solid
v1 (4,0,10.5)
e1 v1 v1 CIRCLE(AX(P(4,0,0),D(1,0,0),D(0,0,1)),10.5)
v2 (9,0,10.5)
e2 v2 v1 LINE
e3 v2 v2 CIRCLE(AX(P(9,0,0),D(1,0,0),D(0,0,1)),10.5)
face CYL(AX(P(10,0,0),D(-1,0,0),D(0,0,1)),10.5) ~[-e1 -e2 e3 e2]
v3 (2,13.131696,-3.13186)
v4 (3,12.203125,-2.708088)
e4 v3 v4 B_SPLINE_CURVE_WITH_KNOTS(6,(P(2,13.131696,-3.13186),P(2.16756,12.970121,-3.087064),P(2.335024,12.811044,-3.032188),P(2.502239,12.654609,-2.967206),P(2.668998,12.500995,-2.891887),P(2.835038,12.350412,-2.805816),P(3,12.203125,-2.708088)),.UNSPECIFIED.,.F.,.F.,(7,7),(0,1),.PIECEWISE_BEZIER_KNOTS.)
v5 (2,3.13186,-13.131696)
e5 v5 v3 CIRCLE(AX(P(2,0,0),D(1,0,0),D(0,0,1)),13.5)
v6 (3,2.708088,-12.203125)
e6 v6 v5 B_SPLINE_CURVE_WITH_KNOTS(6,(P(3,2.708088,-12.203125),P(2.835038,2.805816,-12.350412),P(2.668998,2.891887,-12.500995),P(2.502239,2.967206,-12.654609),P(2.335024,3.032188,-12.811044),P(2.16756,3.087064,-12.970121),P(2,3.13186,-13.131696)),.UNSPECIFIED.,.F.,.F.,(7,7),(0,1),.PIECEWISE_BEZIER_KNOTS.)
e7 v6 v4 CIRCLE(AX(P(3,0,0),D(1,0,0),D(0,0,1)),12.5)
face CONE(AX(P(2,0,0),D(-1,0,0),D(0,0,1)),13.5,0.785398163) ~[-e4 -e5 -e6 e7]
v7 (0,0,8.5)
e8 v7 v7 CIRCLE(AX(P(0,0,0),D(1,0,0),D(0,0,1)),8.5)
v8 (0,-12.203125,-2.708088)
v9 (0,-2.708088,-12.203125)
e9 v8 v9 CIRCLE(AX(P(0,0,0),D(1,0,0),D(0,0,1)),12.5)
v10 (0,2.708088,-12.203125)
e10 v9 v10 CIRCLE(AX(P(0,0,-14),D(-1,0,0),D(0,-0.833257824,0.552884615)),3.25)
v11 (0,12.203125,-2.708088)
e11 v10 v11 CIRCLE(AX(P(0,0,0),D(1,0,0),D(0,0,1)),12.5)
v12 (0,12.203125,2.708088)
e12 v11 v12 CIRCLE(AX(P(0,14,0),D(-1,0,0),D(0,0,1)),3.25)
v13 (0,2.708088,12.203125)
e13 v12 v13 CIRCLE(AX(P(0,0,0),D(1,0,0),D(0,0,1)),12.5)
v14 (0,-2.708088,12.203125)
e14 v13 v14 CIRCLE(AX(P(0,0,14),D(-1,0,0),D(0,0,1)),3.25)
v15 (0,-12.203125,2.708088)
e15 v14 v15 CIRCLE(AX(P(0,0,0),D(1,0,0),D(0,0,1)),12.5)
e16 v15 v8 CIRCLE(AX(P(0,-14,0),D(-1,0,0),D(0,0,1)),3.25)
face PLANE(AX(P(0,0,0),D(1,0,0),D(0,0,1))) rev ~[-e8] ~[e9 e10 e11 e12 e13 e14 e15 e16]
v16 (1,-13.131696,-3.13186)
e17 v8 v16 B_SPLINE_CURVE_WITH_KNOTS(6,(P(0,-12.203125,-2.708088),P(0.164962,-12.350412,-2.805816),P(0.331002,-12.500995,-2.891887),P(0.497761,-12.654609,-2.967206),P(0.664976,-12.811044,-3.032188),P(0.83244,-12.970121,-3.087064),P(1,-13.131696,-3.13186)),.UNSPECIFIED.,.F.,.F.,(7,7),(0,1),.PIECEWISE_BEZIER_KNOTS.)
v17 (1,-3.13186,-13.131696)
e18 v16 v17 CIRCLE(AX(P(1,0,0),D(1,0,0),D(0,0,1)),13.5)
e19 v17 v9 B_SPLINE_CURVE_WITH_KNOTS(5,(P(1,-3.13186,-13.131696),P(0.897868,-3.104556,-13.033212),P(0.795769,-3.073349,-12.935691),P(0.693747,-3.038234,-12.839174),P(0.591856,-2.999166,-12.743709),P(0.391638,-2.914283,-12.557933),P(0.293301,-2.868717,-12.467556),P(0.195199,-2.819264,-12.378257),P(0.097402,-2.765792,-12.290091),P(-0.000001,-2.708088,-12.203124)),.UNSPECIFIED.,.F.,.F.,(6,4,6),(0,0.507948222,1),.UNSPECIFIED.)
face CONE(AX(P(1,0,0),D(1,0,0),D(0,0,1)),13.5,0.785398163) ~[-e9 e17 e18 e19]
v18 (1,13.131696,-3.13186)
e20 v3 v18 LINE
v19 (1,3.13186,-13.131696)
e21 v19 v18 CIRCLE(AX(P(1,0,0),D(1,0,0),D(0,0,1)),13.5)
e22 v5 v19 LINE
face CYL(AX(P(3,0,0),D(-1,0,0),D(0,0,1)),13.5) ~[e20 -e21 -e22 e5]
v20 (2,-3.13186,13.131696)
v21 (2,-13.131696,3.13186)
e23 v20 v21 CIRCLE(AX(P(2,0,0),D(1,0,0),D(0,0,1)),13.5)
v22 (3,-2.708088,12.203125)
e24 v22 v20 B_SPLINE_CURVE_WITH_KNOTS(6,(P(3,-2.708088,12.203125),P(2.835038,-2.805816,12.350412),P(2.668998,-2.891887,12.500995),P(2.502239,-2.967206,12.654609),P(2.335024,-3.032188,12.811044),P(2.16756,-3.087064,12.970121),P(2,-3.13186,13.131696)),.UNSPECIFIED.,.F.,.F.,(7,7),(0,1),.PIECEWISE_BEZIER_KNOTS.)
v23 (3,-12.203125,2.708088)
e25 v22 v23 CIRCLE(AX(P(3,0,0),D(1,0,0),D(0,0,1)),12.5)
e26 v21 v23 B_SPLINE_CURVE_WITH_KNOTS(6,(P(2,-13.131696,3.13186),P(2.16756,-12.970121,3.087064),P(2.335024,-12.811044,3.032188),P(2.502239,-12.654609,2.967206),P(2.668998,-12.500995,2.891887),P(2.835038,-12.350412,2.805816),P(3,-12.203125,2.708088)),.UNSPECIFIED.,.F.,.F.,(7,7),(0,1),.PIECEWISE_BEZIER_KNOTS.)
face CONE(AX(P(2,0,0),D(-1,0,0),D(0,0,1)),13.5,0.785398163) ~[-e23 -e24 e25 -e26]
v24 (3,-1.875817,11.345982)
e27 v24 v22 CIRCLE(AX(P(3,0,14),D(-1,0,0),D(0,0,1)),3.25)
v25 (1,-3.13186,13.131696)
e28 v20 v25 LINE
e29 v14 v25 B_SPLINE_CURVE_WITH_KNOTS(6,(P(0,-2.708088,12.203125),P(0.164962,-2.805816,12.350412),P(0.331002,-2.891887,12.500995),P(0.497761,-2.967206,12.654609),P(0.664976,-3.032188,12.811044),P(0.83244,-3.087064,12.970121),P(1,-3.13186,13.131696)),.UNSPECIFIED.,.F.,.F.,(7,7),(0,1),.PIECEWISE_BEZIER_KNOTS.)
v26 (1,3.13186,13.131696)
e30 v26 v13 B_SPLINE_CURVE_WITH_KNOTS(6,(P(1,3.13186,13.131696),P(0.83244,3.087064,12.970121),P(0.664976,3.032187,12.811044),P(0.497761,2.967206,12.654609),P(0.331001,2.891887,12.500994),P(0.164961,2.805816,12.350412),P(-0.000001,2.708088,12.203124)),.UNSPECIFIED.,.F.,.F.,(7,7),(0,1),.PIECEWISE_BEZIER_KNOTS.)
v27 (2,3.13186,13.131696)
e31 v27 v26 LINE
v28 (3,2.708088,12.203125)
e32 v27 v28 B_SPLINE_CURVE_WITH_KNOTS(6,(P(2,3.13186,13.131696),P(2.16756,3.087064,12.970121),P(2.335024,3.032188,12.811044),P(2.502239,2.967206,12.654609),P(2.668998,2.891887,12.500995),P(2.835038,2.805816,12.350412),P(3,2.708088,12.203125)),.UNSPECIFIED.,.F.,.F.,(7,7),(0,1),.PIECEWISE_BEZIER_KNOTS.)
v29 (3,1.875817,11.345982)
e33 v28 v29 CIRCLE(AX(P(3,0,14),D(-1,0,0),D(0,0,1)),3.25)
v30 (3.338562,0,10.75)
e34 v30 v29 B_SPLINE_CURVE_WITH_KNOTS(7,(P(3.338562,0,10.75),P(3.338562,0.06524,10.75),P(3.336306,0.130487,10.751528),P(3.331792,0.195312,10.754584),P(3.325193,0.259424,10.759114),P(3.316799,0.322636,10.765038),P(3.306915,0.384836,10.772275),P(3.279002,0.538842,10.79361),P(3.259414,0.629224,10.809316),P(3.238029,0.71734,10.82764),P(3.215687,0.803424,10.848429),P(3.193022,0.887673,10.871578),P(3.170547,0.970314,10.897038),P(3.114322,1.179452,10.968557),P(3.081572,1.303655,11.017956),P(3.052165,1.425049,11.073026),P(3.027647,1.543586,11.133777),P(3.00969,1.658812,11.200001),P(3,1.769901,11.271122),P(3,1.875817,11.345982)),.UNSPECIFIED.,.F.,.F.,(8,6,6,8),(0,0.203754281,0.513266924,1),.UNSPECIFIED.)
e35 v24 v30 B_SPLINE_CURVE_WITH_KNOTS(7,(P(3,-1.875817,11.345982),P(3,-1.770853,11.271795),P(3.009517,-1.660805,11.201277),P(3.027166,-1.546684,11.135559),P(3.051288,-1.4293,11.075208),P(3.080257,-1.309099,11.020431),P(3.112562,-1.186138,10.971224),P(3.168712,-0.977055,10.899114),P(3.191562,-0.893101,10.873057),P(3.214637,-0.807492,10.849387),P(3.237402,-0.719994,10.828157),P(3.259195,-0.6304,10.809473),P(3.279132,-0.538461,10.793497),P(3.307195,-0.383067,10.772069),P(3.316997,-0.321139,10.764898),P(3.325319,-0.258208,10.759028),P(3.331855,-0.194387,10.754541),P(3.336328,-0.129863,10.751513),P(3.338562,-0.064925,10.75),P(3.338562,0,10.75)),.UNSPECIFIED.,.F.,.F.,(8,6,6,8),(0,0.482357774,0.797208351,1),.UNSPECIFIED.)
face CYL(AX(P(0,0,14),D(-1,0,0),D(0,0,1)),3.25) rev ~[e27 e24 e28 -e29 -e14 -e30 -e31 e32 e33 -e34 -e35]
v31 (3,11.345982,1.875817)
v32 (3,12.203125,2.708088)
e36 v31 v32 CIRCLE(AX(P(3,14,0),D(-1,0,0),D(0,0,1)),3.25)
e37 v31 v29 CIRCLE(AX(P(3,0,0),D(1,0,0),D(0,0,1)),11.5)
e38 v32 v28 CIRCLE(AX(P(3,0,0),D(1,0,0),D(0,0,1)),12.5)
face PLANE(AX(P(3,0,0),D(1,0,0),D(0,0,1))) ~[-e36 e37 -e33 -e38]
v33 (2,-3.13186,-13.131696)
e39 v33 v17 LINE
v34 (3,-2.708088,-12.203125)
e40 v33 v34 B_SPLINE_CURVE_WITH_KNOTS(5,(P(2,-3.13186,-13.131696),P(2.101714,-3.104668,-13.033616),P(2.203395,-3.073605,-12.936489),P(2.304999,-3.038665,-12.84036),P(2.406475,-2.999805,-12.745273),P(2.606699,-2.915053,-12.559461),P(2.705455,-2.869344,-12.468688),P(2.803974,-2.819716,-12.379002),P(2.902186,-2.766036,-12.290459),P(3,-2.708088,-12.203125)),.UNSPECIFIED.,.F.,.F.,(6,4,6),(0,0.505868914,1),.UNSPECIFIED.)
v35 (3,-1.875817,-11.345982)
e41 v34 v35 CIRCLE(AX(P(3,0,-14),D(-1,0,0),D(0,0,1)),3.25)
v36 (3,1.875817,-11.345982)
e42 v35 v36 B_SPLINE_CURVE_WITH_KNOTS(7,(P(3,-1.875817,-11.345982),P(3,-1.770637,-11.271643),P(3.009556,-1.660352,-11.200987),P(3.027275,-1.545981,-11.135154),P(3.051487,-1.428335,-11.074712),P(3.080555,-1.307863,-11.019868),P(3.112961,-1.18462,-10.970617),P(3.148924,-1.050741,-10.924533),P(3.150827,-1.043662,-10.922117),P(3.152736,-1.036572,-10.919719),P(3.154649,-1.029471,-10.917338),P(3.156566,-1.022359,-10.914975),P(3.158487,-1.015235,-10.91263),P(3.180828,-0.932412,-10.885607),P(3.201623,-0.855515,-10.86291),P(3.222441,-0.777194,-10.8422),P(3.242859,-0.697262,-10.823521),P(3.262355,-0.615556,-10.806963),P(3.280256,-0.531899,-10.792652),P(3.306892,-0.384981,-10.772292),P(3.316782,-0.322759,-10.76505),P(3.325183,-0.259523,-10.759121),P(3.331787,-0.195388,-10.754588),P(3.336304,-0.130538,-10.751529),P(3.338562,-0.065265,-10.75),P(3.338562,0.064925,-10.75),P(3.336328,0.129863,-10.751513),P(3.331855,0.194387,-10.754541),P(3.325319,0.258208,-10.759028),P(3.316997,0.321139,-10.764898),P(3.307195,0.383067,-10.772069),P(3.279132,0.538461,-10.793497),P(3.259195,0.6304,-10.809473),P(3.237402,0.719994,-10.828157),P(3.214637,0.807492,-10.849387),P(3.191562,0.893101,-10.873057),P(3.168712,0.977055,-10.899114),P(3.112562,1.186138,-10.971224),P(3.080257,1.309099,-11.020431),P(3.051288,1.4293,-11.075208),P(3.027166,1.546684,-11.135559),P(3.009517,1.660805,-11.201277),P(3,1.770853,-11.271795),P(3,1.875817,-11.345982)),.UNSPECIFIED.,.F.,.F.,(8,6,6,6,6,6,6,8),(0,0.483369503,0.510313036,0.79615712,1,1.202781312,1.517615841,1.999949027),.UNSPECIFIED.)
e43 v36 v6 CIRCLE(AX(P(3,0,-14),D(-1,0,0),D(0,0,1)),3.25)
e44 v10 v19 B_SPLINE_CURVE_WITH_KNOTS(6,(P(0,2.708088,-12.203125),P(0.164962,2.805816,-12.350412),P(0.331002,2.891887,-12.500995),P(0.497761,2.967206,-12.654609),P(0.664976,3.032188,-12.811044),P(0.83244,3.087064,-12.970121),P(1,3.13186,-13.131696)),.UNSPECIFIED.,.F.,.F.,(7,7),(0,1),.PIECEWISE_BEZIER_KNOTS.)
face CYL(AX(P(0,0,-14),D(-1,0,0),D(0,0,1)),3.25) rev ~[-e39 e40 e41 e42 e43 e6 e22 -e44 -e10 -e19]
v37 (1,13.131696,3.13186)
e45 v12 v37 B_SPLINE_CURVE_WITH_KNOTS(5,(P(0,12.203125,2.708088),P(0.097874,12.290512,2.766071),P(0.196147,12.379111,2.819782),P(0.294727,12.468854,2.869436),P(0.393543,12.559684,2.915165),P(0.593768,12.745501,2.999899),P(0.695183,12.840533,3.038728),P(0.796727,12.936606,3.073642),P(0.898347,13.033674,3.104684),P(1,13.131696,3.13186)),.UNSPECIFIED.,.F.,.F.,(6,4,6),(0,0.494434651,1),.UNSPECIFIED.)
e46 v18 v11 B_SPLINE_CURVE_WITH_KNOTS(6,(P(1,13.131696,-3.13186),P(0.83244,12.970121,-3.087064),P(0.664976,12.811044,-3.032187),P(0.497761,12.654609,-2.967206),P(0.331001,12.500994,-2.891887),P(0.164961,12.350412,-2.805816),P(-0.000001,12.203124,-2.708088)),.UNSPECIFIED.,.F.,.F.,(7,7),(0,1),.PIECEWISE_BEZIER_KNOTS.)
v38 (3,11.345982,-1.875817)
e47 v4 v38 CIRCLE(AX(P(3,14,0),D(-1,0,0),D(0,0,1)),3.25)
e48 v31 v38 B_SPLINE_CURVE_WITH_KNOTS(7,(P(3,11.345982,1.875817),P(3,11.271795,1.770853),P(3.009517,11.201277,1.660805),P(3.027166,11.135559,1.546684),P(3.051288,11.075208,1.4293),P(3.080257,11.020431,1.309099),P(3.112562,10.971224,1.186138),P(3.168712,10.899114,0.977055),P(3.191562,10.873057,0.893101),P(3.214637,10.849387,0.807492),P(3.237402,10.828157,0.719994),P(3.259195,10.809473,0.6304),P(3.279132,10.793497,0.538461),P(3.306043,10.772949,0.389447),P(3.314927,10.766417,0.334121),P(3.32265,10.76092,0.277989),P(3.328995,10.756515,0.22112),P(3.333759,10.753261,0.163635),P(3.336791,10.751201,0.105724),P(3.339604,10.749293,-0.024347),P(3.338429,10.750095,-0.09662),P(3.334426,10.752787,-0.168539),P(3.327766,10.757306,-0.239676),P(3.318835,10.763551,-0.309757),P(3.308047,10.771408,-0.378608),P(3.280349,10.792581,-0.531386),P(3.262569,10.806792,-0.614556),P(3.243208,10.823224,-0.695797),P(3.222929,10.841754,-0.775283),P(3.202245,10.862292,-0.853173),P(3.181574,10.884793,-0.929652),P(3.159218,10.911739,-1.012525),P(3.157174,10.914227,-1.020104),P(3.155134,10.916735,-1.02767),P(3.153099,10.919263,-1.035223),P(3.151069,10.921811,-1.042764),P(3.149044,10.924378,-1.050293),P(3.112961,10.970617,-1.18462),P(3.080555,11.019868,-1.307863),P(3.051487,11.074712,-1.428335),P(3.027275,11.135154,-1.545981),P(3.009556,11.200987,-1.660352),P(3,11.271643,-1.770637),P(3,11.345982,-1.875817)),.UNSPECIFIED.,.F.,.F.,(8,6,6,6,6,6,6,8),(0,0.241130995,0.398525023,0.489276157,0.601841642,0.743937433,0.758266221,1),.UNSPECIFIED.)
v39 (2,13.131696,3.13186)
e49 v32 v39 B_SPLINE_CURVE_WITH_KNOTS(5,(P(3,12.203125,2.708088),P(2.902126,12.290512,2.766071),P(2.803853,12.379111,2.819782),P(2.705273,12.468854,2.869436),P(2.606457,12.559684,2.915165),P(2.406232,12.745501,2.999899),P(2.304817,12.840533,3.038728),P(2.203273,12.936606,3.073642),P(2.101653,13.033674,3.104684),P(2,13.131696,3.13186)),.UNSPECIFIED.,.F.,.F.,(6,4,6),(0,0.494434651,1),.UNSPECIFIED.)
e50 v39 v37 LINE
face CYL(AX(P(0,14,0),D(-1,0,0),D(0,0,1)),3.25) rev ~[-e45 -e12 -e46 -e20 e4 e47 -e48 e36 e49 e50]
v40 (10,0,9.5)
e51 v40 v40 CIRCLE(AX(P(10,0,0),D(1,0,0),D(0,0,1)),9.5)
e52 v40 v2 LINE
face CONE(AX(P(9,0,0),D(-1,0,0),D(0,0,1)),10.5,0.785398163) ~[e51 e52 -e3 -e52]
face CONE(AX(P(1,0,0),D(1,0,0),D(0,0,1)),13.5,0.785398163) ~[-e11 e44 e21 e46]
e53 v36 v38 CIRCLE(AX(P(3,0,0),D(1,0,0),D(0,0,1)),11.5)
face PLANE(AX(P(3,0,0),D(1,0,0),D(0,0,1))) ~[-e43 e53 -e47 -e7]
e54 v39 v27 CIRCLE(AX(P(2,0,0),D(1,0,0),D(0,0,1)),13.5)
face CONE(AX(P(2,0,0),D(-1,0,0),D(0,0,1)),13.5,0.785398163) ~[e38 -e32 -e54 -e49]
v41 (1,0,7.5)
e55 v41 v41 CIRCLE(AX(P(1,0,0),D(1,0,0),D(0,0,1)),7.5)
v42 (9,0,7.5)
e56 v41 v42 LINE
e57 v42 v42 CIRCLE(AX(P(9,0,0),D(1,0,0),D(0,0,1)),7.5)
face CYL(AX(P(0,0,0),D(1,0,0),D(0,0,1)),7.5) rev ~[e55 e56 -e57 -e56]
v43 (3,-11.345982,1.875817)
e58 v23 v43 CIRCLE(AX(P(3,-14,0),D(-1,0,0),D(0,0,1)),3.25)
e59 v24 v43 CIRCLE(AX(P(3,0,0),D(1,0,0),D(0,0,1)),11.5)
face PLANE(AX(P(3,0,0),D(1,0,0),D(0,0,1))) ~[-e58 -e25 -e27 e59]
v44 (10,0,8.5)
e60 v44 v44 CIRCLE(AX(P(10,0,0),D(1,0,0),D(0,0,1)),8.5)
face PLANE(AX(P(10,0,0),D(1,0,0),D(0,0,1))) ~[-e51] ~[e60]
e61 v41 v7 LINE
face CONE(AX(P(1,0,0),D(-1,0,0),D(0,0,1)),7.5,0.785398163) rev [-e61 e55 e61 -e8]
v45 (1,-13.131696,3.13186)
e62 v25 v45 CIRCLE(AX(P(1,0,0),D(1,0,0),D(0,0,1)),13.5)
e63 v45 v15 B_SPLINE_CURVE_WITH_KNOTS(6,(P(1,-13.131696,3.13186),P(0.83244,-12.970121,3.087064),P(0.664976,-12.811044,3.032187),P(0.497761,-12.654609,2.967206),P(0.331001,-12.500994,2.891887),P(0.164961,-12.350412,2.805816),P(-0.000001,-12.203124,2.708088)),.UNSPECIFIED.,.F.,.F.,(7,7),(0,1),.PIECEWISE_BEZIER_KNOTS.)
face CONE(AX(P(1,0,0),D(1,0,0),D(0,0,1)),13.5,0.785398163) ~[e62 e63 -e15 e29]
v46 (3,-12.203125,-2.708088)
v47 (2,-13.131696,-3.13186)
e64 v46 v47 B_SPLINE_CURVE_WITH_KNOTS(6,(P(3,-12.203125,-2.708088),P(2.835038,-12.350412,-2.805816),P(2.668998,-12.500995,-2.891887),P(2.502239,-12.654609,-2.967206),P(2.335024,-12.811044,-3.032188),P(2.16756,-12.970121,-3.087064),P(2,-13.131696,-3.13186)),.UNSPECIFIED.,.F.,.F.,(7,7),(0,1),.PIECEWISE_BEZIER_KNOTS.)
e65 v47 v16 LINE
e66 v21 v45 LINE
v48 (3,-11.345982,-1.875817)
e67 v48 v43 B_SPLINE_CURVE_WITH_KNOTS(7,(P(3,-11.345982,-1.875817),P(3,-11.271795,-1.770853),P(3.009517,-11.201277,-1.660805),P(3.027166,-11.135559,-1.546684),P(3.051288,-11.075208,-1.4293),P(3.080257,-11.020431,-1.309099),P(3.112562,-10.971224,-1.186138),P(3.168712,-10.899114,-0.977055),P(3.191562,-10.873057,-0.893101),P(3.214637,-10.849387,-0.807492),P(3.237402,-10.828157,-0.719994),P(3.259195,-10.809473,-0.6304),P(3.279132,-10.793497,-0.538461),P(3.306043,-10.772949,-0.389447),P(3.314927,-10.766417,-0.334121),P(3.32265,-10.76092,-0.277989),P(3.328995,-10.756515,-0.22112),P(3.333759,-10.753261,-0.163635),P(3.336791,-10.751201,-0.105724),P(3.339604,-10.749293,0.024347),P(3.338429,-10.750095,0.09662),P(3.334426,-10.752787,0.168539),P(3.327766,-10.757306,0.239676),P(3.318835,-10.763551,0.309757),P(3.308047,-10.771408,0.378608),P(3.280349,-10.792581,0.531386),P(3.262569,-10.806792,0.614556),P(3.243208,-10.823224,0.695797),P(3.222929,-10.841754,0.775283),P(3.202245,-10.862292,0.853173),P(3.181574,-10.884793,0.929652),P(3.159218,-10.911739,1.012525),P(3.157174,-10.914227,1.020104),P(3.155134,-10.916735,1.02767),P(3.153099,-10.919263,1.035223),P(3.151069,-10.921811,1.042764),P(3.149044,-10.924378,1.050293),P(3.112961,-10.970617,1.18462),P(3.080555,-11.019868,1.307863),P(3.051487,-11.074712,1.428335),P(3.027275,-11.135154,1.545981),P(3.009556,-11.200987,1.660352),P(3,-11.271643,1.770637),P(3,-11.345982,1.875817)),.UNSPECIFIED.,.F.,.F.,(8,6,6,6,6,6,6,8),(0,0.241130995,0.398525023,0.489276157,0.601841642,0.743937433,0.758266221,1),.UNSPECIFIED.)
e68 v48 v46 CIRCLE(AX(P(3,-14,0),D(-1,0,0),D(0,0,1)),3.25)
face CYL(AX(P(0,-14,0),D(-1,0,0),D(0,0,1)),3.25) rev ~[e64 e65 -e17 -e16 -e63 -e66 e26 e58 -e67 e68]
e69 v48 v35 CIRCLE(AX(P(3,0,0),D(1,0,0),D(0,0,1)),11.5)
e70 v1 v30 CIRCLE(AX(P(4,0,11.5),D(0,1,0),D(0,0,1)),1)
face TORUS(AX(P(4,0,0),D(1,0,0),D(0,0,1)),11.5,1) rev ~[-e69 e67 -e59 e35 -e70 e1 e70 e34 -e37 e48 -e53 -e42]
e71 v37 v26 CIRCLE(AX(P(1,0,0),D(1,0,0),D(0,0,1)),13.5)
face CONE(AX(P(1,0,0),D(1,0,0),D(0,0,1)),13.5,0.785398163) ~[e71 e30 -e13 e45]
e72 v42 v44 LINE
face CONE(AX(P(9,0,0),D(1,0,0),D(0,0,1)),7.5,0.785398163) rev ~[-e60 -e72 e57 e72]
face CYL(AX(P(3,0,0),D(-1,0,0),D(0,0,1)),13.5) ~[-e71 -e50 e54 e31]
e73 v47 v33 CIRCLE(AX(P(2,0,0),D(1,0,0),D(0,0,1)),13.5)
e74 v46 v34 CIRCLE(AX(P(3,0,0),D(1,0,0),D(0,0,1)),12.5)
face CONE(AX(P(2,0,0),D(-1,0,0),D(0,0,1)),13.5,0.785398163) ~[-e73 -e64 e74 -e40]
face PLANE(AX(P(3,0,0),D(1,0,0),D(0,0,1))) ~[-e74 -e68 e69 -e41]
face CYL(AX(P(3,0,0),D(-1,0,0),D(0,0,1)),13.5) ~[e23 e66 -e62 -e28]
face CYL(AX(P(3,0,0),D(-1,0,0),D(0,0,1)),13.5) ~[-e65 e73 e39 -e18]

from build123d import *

# Parameters (mm, degrees)
CHAMFER1_SIZE      = 1
FILLET1_R          = 1
SKETCH2_R          = 3.25
CUT_EXTRUDE1_DEPTH = 10


with BuildPart() as part:
    # Sketch1 → Revolve1 (revolve)
    with BuildSketch(Plane.XY, mode=Mode.PRIVATE) as revolve1_sk:
        Polygon((0, 7.5), (10, 7.5), (10, 10.5), (3, 10.5), (3, 13.5), (0, 13.5), align=None)
    revolve(revolve1_sk.sketch.rotate(Axis((0, 0, 0), (1, 0, 0)), 90), axis=Axis((0, 0, 0), (1, 0, 0)))

    # Chamfer1
    chamfer1_edges = [part.edges().sort_by_distance(p)[0] for p in [
        (0, 0, -13.5),
        (3, 0, -13.5),
        (10, 0, -10.5),
        (10, 0, -7.5),
        (0, 0, -7.5),
    ]]
    chamfer(chamfer1_edges, length=CHAMFER1_SIZE)

    # Fillet1
    fillet1_edges = [part.edges().sort_by_distance(p)[0] for p in [
        (3, 0, -10.5),
    ]]
    fillet(fillet1_edges, radius=FILLET1_R)

    # Sketch2 → Cut-Extrude1 (cut)
    with BuildSketch(Plane.ZY):
        with Locations((0, 14)):
            Circle(SKETCH2_R)
        with Locations((-14, 0)):
            Circle(SKETCH2_R)
        with Locations((0, -14)):
            Circle(SKETCH2_R)
        with Locations((14, 0)):
            Circle(SKETCH2_R)
    extrude(amount=-CUT_EXTRUDE1_DEPTH, mode=Mode.SUBTRACT)


solid = part.part
